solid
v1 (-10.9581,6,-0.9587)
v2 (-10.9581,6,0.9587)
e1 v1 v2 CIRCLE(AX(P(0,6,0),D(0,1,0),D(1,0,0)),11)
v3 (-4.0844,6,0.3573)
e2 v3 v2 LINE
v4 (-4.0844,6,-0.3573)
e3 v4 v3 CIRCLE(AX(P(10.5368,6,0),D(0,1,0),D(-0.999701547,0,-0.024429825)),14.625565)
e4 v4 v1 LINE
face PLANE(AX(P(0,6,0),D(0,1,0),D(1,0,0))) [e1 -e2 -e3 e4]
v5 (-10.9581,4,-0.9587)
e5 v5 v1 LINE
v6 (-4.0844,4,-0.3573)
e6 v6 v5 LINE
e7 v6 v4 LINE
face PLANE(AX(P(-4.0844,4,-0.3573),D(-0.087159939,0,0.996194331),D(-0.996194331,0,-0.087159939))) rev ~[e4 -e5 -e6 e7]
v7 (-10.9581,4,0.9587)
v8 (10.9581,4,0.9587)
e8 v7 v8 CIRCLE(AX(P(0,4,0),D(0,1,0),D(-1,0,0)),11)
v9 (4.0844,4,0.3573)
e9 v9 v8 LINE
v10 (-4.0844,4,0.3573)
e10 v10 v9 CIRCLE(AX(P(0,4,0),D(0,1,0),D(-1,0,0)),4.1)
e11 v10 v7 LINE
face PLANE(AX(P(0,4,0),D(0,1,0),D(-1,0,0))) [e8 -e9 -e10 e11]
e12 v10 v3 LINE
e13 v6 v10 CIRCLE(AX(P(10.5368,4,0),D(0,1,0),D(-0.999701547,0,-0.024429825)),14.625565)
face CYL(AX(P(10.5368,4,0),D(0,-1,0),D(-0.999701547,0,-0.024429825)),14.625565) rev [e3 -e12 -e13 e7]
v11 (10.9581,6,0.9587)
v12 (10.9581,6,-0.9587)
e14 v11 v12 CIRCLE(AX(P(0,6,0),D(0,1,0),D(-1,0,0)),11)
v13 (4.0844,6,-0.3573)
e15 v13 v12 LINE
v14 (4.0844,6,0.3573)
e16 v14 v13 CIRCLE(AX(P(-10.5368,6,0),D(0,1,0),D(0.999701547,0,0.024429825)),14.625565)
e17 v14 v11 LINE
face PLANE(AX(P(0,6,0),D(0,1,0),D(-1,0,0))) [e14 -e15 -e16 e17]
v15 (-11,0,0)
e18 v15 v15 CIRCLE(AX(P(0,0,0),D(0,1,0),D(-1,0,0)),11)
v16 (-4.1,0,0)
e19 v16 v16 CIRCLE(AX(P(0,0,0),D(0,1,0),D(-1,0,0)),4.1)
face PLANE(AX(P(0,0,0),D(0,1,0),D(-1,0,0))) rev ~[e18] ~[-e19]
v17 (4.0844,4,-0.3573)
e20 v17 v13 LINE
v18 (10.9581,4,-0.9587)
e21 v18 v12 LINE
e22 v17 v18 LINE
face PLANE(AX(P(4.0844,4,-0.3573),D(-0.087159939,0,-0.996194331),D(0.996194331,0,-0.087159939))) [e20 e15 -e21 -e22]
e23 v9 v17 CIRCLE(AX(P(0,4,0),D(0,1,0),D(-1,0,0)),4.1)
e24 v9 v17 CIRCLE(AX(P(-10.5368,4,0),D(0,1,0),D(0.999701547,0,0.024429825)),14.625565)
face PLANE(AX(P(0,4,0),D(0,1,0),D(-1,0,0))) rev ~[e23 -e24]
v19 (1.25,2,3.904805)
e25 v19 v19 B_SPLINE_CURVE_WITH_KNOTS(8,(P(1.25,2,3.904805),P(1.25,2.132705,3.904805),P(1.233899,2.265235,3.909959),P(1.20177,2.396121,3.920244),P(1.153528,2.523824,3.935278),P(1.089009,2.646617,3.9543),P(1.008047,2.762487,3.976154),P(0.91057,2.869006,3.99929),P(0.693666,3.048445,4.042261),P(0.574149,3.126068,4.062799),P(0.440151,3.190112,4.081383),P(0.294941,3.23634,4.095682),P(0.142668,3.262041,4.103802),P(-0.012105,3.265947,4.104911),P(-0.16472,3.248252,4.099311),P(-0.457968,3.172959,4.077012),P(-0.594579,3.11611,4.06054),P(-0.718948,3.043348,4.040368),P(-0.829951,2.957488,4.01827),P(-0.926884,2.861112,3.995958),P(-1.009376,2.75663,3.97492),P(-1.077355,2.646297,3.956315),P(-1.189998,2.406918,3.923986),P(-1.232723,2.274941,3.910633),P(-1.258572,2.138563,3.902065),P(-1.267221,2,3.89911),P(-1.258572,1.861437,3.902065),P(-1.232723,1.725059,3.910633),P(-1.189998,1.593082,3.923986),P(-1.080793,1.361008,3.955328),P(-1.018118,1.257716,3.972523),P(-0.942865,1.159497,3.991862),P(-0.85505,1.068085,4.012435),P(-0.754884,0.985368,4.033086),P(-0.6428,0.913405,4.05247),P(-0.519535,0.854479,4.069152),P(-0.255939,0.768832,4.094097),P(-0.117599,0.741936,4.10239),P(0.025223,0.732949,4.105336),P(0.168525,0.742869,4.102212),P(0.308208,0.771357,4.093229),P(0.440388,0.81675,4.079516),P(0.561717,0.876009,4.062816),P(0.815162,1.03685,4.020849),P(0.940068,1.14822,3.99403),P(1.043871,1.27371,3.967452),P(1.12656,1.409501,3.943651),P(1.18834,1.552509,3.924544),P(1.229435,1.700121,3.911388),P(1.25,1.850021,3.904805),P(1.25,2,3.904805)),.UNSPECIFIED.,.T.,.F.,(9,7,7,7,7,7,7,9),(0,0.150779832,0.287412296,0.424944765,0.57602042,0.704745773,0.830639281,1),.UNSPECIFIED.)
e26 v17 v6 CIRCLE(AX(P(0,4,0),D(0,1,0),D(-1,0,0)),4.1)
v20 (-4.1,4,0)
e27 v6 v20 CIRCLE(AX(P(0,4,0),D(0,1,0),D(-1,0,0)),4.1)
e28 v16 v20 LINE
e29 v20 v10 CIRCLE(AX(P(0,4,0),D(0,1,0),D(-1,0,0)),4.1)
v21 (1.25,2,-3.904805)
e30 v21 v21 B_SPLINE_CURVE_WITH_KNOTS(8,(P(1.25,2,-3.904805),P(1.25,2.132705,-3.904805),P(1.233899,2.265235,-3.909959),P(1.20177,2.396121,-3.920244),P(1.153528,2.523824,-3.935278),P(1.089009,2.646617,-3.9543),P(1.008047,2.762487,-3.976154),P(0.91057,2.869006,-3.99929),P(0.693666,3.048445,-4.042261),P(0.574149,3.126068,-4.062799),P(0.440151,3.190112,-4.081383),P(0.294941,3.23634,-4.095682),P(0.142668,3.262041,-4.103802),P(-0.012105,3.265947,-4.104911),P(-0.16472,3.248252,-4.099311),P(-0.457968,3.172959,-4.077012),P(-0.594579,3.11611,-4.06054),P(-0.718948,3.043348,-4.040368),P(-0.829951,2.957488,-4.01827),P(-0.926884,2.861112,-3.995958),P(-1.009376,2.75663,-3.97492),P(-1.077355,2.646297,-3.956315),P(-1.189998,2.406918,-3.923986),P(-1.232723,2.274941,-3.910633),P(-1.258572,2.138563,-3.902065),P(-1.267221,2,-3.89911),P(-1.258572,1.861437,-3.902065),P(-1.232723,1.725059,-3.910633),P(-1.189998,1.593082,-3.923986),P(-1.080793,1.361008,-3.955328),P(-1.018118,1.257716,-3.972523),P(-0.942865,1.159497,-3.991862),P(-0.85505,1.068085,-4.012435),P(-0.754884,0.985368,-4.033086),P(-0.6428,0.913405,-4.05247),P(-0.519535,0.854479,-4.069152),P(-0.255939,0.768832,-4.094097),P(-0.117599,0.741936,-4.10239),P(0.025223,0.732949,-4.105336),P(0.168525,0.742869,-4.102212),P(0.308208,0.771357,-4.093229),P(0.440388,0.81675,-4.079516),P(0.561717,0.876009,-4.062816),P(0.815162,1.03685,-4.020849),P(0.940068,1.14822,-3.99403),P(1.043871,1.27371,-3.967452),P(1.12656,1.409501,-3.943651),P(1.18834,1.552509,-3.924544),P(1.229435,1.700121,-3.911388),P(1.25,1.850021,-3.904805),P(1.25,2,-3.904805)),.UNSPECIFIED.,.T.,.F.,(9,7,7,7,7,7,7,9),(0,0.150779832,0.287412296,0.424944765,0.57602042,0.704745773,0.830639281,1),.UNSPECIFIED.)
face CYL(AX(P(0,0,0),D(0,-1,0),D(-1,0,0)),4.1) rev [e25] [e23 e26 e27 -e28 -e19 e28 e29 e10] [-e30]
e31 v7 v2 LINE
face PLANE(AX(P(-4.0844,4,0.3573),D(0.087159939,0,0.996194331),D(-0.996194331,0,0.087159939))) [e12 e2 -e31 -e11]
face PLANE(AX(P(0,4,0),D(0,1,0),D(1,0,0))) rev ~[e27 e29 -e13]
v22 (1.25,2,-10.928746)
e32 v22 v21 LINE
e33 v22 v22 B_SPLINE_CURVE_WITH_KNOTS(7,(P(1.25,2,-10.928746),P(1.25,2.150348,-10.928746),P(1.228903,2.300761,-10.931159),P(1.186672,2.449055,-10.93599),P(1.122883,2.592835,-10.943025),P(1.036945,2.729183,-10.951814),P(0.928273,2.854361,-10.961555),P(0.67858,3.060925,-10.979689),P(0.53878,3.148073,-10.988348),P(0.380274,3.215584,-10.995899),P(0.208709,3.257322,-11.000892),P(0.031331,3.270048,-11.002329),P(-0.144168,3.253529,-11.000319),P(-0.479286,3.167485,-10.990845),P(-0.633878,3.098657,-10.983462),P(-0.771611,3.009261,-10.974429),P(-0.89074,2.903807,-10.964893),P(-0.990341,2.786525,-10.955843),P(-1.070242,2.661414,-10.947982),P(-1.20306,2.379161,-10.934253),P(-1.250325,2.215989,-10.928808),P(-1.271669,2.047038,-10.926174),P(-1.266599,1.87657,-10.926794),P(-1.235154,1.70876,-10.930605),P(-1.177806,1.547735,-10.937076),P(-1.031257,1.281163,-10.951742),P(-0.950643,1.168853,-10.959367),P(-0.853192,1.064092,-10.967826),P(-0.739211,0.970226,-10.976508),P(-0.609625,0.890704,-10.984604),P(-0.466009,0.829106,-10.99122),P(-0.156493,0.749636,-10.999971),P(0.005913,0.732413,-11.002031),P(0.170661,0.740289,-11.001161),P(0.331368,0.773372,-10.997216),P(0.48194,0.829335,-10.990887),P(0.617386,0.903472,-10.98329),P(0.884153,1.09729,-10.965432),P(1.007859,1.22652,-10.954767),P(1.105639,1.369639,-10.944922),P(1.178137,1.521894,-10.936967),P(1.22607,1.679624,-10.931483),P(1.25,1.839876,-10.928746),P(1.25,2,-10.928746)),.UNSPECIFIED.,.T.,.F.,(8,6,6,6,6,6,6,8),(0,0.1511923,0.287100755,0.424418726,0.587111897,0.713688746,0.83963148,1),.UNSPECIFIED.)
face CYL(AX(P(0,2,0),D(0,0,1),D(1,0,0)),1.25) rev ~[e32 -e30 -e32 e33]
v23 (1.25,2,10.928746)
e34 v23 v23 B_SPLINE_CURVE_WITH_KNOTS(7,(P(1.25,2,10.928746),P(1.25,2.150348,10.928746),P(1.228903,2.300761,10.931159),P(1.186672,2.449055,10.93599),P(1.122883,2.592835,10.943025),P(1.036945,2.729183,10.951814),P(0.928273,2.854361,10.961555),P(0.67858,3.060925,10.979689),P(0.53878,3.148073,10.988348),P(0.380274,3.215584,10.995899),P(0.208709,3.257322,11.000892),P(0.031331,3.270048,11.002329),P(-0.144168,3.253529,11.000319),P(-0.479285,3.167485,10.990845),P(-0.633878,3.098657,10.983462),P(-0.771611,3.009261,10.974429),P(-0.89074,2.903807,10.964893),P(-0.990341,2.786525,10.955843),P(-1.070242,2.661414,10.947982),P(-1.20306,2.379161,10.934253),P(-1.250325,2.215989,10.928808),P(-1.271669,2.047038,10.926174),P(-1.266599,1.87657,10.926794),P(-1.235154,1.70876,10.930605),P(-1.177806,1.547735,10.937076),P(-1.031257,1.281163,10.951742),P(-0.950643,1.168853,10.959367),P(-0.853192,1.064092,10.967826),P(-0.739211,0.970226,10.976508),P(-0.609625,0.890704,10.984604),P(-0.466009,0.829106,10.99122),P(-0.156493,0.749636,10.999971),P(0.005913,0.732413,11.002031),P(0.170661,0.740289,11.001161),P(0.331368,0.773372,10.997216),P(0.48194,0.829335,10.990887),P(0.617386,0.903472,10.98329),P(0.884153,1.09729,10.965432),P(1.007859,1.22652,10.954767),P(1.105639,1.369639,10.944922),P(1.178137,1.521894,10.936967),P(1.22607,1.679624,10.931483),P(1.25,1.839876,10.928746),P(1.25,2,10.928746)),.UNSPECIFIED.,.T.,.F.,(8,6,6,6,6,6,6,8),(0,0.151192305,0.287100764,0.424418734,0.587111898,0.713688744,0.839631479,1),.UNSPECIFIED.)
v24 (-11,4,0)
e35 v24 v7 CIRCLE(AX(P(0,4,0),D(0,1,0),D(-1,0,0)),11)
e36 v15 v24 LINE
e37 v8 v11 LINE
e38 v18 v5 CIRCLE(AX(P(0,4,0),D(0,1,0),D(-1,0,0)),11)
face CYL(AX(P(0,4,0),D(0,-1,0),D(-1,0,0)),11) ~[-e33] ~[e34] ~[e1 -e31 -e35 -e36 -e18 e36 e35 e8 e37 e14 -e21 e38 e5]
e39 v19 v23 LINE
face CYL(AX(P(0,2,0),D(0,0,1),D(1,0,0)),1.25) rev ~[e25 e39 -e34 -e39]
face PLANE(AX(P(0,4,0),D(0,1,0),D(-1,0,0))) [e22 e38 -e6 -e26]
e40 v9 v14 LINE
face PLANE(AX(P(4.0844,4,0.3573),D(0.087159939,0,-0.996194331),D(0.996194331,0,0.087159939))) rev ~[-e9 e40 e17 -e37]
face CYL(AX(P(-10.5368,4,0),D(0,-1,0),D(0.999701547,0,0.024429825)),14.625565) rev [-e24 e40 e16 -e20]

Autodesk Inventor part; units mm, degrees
ref_plane "YZ Plane" through (0, 0, 0) normal (1, 0, 0) x (0, 1, 0)
ref_plane "XZ Plane" through (0, 0, 0) normal (0, 1, 0) x (-1, 0, 0)
ref_plane "XY Plane" through (0, 0, 0) normal (0, 0, 1) x (1, 0, 0)
sketch "Sketch1" plane through (0, 0, 0) normal (0, 1, 0) x (-1, 0, 0)
  circle A0 centre (0, 0) radius 4.1
  circle A1 centre (0, 0) radius 11
  dimension "d0" = 8.2
  dimension "d1" = 22
extrude "Extrusion1" add sketch "Sketch1" along normal blind 4
sketch "Sketch2" plane through (0, 4, 0) normal (0, 1, 0) x (1, 0, 0)
  line L0 (0, 0) -> (-8.1688, -0.7147) construction
  line L1 (0, 0) -> (-8.1688, 0.7147) construction
  arc A0 (-4.0844, 0.3573) -> (-4.0844, -0.3573) centre (10.5368, 0) ccw
  line L2 (-4.0844, 0.3573) -> (-10.9581, 0.9587)
  line L3 (-15.4, 0) -> (15.4, 0) construction
  circle A1 centre (0, 0) radius 4.1 construction
  circle A2 centre (0, 0) radius 11 construction
  line L4 (-4.0844, -0.3573) -> (-10.9581, -0.9587)
  circle A3 centre (0, 0) radius 11 projected
  dimension "d4" = 10
extrude "Extrusion2" add sketch "Sketch2" along normal blind 2 contours A0 L4 A3 L2 picked at (-8.693, 0.0397)
sketch "Sketch3" plane through (0, 0, 0) normal (0, 0, 1) x (1, 0, 0)
  circle A0 centre (0, 2) radius 1.25
  line L0 (11, 0) -> (-11, 0) projected
  point P0 (0, 0)
  dimension "d7" = 2.5
  dimension "d8" = 2
extrude "Extrusion3" cut sketch "Sketch3" against normal through all both and the other way through all
pattern_circular "Circular Pattern1" count 2 over 360 about axis through (0, -10, 0) along (0, 1, 0) of "Extrusion2"
properties part number "170d_coupler"
